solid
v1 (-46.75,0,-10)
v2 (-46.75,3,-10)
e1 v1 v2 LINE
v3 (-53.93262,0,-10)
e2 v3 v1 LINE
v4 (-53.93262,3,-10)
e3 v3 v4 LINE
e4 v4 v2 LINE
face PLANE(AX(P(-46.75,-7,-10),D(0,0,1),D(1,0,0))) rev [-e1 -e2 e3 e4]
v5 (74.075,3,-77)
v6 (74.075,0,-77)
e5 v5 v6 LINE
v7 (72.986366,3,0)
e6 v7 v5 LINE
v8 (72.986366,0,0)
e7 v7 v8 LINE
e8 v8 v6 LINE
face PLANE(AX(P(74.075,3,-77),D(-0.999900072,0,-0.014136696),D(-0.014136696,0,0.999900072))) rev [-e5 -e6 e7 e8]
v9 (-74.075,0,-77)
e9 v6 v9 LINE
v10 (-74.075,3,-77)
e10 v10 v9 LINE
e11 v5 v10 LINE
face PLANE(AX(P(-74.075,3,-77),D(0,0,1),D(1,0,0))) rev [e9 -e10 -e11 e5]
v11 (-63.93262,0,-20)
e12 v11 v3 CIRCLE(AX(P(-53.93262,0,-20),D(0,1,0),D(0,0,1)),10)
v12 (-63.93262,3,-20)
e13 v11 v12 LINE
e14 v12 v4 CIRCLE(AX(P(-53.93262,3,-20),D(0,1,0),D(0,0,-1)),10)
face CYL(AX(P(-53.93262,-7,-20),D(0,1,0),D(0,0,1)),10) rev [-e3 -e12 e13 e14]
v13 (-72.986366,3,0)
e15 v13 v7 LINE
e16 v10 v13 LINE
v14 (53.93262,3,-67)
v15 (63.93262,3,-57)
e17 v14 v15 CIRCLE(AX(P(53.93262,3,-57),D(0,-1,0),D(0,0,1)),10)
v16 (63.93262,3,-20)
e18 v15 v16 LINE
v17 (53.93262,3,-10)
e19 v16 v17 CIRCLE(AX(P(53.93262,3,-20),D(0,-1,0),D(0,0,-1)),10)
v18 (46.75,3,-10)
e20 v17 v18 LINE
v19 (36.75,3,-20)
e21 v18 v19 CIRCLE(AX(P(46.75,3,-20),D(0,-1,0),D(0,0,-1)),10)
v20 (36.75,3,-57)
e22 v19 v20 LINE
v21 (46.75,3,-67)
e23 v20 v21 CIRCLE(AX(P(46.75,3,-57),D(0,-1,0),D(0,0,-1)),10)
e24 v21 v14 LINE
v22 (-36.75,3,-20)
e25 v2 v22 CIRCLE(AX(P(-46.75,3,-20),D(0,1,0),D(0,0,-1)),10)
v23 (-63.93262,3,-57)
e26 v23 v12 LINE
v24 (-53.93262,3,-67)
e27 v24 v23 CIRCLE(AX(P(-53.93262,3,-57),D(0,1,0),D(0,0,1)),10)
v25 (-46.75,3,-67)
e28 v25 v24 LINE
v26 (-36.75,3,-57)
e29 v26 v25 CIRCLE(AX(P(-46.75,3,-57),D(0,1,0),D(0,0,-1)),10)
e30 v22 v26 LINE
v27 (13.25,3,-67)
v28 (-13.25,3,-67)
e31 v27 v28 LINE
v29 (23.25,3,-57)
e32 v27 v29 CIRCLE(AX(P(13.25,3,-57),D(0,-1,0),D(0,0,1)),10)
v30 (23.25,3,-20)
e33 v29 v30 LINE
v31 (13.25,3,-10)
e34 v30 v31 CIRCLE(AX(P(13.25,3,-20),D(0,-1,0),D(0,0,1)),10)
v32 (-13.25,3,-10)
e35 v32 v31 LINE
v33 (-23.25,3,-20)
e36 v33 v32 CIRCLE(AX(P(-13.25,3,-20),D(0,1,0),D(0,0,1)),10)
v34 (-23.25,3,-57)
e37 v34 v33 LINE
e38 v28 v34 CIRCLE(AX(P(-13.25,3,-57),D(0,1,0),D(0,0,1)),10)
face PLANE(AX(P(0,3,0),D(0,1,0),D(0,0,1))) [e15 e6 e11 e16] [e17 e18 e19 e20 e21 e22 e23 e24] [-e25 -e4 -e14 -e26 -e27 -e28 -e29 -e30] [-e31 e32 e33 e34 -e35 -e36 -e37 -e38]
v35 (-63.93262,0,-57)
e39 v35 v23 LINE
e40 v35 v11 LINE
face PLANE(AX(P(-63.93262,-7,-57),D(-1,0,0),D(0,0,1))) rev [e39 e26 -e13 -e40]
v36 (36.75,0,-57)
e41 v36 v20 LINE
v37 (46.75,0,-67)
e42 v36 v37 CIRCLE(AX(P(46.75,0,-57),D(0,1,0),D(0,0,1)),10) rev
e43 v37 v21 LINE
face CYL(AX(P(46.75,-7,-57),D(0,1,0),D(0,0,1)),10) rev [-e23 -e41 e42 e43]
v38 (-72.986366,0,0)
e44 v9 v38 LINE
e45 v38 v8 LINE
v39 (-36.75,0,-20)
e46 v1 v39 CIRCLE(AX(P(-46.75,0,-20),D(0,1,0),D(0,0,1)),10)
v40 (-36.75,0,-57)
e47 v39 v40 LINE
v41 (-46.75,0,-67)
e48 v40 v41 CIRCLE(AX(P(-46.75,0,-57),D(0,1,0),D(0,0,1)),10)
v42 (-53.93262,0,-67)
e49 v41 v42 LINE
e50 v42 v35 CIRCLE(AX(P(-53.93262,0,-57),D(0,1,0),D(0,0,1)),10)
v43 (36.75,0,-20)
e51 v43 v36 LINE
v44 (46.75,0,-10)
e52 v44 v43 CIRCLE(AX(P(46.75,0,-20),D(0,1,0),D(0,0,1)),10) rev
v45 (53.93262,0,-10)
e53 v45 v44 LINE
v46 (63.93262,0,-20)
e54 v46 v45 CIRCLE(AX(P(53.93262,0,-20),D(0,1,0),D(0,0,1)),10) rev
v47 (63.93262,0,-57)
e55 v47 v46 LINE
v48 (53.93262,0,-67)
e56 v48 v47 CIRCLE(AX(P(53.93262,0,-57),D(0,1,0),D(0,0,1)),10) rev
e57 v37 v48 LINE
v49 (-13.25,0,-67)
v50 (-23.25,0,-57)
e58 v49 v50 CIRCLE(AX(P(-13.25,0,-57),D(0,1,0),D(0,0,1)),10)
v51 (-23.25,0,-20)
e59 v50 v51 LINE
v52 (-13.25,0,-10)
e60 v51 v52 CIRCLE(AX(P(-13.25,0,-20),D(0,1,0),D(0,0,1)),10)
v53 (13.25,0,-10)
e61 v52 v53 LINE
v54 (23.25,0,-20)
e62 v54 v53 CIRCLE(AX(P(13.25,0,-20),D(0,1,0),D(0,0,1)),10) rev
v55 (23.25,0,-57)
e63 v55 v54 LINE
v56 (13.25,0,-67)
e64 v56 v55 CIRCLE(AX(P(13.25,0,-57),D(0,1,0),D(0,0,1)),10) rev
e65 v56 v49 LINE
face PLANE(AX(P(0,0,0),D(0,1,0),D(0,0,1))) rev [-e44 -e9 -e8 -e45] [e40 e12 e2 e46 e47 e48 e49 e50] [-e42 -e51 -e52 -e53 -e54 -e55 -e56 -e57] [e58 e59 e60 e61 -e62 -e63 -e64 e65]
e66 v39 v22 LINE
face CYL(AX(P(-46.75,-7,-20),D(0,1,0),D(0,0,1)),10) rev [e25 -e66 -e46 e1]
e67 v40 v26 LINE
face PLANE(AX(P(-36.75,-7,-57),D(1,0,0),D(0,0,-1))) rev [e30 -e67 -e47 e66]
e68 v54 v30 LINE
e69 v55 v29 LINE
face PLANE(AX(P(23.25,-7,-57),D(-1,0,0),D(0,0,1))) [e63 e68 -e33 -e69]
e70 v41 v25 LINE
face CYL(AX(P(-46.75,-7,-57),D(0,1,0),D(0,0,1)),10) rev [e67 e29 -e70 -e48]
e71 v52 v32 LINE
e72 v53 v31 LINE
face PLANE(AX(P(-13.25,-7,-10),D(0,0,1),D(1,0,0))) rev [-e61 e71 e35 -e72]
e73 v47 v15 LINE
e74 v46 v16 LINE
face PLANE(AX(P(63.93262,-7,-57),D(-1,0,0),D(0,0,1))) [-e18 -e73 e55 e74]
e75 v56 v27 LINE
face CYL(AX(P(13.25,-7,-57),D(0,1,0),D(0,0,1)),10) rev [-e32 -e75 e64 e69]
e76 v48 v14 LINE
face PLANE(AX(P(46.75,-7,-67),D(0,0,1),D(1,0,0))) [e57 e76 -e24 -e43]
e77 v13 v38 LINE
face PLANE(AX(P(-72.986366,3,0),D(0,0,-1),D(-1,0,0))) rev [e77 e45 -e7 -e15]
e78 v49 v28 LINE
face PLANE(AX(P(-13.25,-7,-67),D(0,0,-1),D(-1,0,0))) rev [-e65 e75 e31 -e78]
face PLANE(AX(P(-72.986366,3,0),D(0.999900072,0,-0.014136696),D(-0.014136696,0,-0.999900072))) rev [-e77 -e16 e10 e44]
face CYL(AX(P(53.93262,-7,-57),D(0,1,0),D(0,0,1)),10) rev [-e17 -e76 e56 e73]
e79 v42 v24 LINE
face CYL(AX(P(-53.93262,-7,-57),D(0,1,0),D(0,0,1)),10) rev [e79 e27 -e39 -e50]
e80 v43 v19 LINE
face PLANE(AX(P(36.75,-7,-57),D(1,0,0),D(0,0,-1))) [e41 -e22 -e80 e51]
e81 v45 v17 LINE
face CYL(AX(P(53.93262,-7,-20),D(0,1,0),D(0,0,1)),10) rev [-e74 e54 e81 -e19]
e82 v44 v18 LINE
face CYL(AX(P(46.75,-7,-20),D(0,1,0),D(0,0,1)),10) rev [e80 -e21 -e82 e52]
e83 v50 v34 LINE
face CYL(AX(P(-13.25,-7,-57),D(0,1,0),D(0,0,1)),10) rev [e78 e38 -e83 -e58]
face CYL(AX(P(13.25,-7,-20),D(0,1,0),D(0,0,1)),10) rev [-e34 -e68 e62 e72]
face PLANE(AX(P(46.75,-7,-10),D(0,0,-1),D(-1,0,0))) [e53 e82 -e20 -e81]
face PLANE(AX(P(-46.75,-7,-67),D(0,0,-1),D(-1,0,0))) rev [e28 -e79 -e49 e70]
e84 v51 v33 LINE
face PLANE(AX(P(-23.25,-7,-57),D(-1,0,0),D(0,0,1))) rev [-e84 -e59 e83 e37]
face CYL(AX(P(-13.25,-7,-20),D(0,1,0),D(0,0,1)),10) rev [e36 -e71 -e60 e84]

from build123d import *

# Parameters (mm, degrees)
BOSS_EXTRUDE1_DEPTH = 3
CUT_EXTRUDE1_DEPTH  = 10


with BuildPart() as part:
    # Sketch1 → Boss-Extrude1 (new body)
    with BuildSketch(Plane(origin=(0, 0, 0), x_dir=(1, 0, 0), z_dir=(0, 1, 0))):
        Polygon((-72.98636562, 0), (72.98636562, 0), (74.075, 77), (-74.075, 77), align=None)
    extrude(amount=BOSS_EXTRUDE1_DEPTH)

    # Sketch2 → Cut-Extrude1 (cut)
    with BuildSketch(Plane(origin=(0, 3, 0), x_dir=(1, 0, 0), z_dir=(0, 1, 0))):
        with BuildLine():
            Line((-46.75, 67), (-53.932619531, 67))
            ThreePointArc((-53.932619531, 67), (-61.003687343, 64.071067812), (-63.932619531, 57))
            Line((-63.932619531, 57), (-63.932619531, 20))
            ThreePointArc((-63.932619531, 20), (-61.003687343, 12.928932188), (-53.932619531, 10))
            Line((-53.932619531, 10), (-46.75, 10))
            ThreePointArc((-46.75, 10), (-39.678932188, 12.928932188), (-36.75, 20))
            Line((-36.75, 20), (-36.75, 57))
            ThreePointArc((-36.75, 57), (-39.678932188, 64.071067812), (-46.75, 67))
        make_face()
        with BuildLine():
            Line((-13.25, 67), (0, 67))
            Line((0, 67), (0, 10))
            Line((0, 10), (-13.25, 10))
            ThreePointArc((-13.25, 10), (-20.321067812, 12.928932188), (-23.25, 20))
            Line((-23.25, 20), (-23.25, 57))
            ThreePointArc((-23.25, 57), (-20.321067812, 64.071067812), (-13.25, 67))
        make_face()
    cut_extrude1 = extrude(amount=-CUT_EXTRUDE1_DEPTH, mode=Mode.SUBTRACT)

    # Mirror1: Cut-Extrude1 across plane
    add(cut_extrude1.mirror(Plane(origin=(0, 0, 0), x_dir=(0, 0, 1), z_dir=(1, 0, 0))), mode=Mode.SUBTRACT)


solid = part.part
